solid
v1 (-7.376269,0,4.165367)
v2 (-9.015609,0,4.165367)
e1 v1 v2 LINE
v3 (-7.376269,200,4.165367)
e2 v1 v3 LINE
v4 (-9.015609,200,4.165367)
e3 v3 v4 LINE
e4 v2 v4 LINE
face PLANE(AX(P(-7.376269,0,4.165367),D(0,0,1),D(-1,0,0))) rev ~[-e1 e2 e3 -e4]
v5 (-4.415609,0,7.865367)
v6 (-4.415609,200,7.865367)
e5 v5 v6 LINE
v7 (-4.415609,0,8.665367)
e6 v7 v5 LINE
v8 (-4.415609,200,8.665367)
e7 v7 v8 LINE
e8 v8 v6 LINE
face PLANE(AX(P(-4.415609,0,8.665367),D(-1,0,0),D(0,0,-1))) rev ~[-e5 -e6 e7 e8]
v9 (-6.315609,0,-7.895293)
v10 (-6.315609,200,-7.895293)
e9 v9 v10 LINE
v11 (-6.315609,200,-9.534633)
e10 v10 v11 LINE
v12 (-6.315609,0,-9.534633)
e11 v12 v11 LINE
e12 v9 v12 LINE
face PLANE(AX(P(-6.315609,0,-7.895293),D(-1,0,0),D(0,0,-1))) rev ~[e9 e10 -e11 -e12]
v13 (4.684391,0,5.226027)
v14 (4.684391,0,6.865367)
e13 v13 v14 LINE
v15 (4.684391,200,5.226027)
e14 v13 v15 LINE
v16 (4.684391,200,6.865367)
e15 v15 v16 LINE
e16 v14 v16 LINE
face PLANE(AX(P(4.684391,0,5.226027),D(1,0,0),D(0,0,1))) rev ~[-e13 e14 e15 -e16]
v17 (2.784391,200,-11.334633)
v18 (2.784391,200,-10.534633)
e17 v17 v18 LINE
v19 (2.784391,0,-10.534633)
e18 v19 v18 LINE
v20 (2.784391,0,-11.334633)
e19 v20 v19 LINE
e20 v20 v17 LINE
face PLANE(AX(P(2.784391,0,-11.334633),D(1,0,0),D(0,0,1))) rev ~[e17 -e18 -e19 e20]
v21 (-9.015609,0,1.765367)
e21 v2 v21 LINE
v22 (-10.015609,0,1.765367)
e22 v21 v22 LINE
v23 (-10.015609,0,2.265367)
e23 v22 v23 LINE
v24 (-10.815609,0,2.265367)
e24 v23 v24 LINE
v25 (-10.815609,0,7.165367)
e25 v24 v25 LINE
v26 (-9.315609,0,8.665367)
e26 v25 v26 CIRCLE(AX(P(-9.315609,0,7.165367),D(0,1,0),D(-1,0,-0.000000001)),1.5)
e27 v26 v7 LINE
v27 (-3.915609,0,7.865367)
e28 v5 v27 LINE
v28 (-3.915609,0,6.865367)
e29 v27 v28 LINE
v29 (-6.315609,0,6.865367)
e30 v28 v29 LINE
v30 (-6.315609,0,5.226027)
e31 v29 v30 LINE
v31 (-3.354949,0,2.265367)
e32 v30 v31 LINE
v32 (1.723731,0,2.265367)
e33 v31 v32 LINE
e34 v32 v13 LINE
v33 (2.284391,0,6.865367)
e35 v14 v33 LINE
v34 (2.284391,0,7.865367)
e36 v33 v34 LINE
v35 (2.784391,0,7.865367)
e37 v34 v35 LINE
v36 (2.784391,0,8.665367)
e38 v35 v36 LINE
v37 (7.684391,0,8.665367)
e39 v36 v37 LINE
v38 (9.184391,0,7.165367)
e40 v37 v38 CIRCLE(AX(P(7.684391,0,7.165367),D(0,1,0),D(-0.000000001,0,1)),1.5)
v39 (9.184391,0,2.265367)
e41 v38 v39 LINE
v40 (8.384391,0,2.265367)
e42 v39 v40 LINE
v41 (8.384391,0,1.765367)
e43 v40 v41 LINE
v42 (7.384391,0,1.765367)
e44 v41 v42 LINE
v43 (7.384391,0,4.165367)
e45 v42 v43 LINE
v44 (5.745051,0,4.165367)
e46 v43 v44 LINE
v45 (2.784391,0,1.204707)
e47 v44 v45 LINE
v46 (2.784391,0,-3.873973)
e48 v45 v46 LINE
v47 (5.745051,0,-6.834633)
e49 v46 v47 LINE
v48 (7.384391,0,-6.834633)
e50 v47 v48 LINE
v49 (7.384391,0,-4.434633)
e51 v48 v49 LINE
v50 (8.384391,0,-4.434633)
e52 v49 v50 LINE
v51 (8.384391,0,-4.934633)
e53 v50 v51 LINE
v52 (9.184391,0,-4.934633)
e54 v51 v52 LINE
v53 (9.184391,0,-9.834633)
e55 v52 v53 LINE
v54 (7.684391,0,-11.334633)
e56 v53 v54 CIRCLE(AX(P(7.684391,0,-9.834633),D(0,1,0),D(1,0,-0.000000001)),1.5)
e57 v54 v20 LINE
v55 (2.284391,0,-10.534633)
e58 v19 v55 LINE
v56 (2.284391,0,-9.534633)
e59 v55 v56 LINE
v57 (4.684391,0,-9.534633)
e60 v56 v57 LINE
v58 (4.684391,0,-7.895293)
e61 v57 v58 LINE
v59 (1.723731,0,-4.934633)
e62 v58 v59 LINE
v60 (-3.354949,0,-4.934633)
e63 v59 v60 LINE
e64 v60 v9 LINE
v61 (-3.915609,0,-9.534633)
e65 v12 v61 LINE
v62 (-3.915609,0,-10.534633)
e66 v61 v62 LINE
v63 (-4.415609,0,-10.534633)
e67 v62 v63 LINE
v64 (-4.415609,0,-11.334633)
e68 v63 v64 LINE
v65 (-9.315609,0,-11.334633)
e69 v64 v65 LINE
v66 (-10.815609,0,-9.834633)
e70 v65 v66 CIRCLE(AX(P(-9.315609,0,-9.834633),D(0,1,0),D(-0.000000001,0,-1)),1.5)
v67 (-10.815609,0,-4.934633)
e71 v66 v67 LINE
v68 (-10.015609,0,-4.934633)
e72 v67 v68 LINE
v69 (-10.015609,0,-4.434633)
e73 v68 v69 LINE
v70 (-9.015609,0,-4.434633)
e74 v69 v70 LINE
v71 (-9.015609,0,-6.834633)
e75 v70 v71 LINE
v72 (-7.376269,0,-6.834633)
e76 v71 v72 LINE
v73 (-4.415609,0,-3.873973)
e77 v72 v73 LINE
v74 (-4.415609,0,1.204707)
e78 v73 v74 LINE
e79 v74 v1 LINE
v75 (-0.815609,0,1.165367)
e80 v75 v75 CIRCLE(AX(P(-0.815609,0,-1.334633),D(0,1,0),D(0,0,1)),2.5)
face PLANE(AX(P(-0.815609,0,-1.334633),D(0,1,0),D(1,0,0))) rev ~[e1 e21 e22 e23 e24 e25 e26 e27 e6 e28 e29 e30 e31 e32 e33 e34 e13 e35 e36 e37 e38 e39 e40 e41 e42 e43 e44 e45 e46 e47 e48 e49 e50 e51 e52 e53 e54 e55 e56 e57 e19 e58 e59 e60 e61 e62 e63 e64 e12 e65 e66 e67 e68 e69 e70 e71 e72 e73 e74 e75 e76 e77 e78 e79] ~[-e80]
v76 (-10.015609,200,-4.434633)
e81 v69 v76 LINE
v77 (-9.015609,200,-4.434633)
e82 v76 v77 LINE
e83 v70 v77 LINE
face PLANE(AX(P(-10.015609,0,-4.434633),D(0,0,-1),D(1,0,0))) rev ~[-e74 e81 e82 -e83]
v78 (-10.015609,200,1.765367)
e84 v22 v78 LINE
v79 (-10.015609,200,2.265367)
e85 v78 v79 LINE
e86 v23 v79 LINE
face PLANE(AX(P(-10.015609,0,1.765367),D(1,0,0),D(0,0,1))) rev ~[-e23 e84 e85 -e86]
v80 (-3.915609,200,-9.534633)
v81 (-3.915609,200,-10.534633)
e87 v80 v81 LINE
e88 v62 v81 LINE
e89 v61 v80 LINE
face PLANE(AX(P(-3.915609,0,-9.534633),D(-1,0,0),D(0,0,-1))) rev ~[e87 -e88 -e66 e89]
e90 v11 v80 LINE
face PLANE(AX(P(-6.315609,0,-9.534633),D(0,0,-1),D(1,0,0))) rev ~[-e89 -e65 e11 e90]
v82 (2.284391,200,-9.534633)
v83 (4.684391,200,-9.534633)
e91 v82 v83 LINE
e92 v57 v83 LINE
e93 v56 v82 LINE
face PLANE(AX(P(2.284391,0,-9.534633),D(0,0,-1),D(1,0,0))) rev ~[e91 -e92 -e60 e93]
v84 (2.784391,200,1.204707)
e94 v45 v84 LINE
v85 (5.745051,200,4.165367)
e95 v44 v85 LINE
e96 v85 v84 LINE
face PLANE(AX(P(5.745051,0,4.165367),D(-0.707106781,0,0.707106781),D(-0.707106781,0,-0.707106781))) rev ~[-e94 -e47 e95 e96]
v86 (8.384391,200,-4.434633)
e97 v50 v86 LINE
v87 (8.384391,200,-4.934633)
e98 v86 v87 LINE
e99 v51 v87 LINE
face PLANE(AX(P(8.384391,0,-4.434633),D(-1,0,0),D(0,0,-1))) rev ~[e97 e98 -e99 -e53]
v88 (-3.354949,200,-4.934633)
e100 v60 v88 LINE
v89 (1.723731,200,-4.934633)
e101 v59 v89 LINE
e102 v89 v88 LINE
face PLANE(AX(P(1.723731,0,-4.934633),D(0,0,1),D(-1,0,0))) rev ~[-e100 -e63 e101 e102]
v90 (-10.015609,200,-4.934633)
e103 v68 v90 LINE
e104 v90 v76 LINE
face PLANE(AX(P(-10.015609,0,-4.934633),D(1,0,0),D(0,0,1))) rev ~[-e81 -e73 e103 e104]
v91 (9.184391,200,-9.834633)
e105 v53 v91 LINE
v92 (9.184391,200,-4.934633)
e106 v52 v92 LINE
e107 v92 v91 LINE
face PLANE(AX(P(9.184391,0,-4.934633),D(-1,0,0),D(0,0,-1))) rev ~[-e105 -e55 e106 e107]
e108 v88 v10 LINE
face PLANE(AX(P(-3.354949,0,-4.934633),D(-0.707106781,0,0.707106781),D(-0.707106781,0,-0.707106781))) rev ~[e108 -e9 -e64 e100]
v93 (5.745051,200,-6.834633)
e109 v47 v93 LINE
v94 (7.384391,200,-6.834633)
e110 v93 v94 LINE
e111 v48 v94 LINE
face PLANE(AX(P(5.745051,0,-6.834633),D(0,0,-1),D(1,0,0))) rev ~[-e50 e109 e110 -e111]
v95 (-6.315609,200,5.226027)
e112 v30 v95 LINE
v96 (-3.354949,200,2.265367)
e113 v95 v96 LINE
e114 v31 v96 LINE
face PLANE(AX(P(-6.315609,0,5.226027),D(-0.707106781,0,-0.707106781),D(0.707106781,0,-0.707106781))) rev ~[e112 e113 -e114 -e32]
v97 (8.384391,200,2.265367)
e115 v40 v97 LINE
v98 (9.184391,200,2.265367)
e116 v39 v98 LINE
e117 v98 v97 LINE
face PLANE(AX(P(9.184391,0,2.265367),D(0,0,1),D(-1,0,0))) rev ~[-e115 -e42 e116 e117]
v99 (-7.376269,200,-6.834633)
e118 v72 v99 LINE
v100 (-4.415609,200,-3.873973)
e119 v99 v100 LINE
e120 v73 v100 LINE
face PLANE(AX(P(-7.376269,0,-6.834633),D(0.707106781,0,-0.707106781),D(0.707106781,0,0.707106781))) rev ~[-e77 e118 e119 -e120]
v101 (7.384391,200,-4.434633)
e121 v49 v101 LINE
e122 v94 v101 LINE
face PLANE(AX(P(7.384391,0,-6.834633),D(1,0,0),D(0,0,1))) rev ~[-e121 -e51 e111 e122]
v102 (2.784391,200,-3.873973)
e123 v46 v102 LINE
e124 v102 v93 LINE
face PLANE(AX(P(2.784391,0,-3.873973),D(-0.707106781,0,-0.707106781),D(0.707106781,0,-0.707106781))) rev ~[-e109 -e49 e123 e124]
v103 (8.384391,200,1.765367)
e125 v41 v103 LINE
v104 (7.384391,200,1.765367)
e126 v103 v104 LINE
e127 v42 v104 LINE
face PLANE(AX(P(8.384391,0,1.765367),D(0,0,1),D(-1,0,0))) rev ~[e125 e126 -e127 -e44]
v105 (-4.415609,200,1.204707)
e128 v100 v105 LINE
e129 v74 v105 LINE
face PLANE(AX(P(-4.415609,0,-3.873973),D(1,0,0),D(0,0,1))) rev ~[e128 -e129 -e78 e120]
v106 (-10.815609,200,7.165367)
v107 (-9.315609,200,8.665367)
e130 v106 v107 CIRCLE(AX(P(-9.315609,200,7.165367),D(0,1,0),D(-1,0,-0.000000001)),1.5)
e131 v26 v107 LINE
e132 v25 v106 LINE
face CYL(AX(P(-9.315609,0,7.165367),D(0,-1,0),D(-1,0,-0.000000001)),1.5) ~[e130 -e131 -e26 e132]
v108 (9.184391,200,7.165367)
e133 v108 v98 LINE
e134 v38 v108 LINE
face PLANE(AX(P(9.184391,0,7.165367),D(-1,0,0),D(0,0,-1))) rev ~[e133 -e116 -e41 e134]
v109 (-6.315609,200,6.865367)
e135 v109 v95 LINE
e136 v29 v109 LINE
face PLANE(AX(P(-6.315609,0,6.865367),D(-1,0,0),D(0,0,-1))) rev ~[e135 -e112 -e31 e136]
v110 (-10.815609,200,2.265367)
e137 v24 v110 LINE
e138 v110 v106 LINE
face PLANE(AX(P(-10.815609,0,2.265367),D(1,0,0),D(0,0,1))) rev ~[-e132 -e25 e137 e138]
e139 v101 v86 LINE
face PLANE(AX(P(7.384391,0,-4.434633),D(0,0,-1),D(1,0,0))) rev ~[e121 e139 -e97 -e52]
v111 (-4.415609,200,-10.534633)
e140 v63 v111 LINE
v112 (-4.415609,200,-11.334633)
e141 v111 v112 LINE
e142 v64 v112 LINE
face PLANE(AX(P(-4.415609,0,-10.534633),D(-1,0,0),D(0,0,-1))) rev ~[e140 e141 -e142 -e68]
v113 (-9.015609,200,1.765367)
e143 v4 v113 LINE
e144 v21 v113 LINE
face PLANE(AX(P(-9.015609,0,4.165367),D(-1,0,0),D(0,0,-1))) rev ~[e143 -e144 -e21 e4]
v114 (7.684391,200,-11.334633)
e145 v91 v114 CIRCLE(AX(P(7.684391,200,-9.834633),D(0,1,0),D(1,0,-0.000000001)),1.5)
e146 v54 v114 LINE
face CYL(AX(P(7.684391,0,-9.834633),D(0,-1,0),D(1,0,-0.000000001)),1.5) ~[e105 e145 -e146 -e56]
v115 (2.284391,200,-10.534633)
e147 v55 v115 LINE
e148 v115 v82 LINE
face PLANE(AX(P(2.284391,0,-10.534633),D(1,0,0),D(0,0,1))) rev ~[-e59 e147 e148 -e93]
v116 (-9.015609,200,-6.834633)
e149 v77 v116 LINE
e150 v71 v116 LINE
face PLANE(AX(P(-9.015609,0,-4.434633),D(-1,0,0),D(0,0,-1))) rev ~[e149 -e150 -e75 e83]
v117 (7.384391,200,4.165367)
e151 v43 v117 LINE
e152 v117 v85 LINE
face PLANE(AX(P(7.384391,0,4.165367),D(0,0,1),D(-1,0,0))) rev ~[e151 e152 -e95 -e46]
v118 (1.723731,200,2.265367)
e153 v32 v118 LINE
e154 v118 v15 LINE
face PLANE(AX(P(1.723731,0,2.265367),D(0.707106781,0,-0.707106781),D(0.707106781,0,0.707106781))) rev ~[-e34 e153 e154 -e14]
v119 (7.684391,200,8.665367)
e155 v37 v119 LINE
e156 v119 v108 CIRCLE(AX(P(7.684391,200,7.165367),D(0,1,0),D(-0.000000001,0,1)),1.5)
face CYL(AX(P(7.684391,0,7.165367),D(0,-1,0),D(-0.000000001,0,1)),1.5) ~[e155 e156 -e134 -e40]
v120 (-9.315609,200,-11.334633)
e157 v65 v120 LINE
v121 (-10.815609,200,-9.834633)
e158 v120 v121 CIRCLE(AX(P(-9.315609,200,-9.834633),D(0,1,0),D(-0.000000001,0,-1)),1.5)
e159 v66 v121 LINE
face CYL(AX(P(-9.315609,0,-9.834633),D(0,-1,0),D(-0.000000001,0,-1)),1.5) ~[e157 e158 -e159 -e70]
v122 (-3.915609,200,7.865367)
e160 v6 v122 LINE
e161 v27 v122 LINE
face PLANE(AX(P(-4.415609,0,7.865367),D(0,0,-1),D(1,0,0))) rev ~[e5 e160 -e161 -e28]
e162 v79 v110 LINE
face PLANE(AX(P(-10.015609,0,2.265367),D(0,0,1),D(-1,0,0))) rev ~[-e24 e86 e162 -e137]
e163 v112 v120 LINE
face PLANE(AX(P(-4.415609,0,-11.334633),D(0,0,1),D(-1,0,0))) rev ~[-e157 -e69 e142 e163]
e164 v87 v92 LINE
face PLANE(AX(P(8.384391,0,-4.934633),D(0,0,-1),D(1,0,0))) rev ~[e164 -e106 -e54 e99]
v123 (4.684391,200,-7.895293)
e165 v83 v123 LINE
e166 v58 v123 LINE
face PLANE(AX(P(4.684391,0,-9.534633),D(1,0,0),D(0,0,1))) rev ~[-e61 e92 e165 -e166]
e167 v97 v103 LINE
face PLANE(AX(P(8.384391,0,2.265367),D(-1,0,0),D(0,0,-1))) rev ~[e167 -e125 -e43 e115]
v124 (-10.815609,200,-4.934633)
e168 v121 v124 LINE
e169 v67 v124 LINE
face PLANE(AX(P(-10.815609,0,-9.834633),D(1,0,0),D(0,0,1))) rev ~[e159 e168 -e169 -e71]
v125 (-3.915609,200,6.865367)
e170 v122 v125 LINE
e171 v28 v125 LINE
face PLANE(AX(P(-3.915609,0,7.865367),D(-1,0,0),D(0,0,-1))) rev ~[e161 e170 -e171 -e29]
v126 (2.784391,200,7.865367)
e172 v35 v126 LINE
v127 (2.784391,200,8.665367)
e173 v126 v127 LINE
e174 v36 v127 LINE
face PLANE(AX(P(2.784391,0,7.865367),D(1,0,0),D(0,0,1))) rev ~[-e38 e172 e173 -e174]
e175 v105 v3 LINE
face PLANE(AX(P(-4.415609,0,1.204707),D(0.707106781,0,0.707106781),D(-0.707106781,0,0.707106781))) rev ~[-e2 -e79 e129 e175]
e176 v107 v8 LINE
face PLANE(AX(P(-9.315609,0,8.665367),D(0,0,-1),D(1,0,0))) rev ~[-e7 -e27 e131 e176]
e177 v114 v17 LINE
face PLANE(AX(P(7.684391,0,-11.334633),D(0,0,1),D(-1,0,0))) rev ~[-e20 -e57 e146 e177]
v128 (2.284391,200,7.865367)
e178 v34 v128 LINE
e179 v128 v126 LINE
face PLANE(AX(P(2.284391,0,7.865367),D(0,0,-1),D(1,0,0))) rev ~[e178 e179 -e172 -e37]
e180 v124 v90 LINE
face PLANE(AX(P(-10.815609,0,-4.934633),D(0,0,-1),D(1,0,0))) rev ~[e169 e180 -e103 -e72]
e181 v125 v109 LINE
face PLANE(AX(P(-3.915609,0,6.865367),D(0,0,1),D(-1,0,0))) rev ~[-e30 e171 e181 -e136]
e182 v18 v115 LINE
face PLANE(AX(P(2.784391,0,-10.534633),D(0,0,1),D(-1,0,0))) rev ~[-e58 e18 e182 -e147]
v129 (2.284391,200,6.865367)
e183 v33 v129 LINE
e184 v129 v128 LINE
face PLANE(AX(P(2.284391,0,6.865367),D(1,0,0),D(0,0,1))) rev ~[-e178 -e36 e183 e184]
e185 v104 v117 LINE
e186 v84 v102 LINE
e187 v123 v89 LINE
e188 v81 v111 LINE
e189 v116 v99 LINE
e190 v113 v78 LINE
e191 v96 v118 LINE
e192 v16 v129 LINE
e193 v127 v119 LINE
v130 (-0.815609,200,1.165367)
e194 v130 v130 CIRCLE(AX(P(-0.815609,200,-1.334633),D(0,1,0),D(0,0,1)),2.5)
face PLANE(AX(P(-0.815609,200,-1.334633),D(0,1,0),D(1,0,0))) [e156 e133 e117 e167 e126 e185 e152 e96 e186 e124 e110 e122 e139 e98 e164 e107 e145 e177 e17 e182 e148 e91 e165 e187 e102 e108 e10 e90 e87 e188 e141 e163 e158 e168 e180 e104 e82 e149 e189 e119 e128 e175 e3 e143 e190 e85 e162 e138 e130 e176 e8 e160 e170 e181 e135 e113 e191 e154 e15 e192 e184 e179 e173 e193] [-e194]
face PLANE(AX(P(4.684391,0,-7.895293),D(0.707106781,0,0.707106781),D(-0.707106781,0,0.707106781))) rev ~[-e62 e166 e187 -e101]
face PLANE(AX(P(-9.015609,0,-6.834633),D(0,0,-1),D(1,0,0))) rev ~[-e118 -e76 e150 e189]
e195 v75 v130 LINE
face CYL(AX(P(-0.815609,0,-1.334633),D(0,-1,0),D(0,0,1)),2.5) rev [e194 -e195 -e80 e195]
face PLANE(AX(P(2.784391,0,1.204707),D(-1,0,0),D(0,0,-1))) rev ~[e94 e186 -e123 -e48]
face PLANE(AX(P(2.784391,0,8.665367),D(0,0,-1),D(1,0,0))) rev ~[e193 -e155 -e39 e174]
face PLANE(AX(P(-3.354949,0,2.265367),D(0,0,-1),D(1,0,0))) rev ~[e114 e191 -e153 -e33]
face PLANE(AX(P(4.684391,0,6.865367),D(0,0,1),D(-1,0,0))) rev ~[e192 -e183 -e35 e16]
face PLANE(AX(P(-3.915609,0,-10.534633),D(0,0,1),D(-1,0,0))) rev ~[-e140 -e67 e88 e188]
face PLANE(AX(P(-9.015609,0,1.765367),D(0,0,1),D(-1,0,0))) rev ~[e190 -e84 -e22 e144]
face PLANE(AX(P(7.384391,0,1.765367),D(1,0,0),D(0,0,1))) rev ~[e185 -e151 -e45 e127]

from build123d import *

# Parameters (mm, degrees)
SKETCH_1_R      = 2.5
EXTRUDE_1_DEPTH = 200


with BuildPart() as part:
    # 草图1 → 凸台-拉伸1 (new body)
    with BuildSketch(Plane(origin=(0, 0, 0), x_dir=(1, 0, 0), z_dir=(0, 1, 0))):
        with BuildLine():
            Line((-4.415608984, 3.873972711), (-4.415608984, -1.204706946))
            Line((-4.415608984, -1.204706946), (-7.376269156, -4.165367117))
            Line((-7.376269156, -4.165367117), (-9.015608984, -4.165367117))
            Line((-9.015608984, -4.165367117), (-9.015608984, -1.765367117))
            Line((-9.015608984, -1.765367117), (-10.015608984, -1.765367117))
            Line((-10.015608984, -1.765367117), (-10.015608984, -2.265367117))
            Line((-10.015608984, -2.265367117), (-10.815608984, -2.265367117))
            Line((-10.815608984, -2.265367117), (-10.815608984, -7.165367117))
            ThreePointArc((-10.815608984, -7.165367117), (-10.376269156, -8.226027289), (-9.315608984, -8.665367117))
            Line((-9.315608984, -8.665367117), (-4.415608984, -8.665367117))
            Line((-4.415608984, -8.665367117), (-4.415608984, -7.865367117))
            Line((-4.415608984, -7.865367117), (-3.915608984, -7.865367117))
            Line((-3.915608984, -7.865367117), (-3.915608984, -6.865367117))
            Line((-3.915608984, -6.865367117), (-6.315608984, -6.865367117))
            Line((-6.315608984, -6.865367117), (-6.315608984, -5.226027289))
            Line((-6.315608984, -5.226027289), (-3.354948812, -2.265367117))
            Line((-3.354948812, -2.265367117), (1.723730844, -2.265367117))
            Line((1.723730844, -2.265367117), (4.684391016, -5.226027289))
            Line((4.684391016, -5.226027289), (4.684391016, -6.865367117))
            Line((4.684391016, -6.865367117), (2.284391016, -6.865367117))
            Line((2.284391016, -6.865367117), (2.284391016, -7.865367117))
            Line((2.284391016, -7.865367117), (2.784391016, -7.865367117))
            Line((2.784391016, -7.865367117), (2.784391016, -8.665367117))
            Line((2.784391016, -8.665367117), (7.684391016, -8.665367117))
            ThreePointArc((7.684391016, -8.665367117), (8.745051188, -8.226027289), (9.184391016, -7.165367117))
            Line((9.184391016, -7.165367117), (9.184391016, -2.265367117))
            Line((9.184391016, -2.265367117), (8.384391016, -2.265367117))
            Line((8.384391016, -2.265367117), (8.384391016, -1.765367117))
            Line((8.384391016, -1.765367117), (7.384391016, -1.765367117))
            Line((7.384391016, -1.765367117), (7.384391016, -4.165367117))
            Line((7.384391016, -4.165367117), (5.745051188, -4.165367117))
            Line((5.745051188, -4.165367117), (2.784391016, -1.204706946))
            Line((2.784391016, -1.204706946), (2.784391016, 3.873972711))
            Line((2.784391016, 3.873972711), (5.745051188, 6.834632883))
            Line((5.745051188, 6.834632883), (7.384391016, 6.834632883))
            Line((7.384391016, 6.834632883), (7.384391016, 4.434632883))
            Line((7.384391016, 4.434632883), (8.384391016, 4.434632883))
            Line((8.384391016, 4.434632883), (8.384391016, 4.934632883))
            Line((8.384391016, 4.934632883), (9.184391016, 4.934632883))
            Line((9.184391016, 4.934632883), (9.184391016, 9.834632883))
            ThreePointArc((9.184391016, 9.834632883), (8.745051188, 10.895293054), (7.684391016, 11.334632883))
            Line((7.684391016, 11.334632883), (2.784391016, 11.334632883))
            Line((2.784391016, 11.334632883), (2.784391016, 10.534632883))
            Line((2.784391016, 10.534632883), (2.284391016, 10.534632883))
            Line((2.284391016, 10.534632883), (2.284391016, 9.534632883))
            Line((2.284391016, 9.534632883), (4.684391016, 9.534632883))
            Line((4.684391016, 9.534632883), (4.684391016, 7.895293054))
            Line((4.684391016, 7.895293054), (1.723730844, 4.934632883))
            Line((1.723730844, 4.934632883), (-3.354948812, 4.934632883))
            Line((-3.354948812, 4.934632883), (-6.315608984, 7.895293054))
            Line((-6.315608984, 7.895293054), (-6.315608984, 9.534632883))
            Line((-6.315608984, 9.534632883), (-3.915608984, 9.534632883))
            Line((-3.915608984, 9.534632883), (-3.915608984, 10.534632883))
            Line((-3.915608984, 10.534632883), (-4.415608984, 10.534632883))
            Line((-4.415608984, 10.534632883), (-4.415608984, 11.334632883))
            Line((-4.415608984, 11.334632883), (-9.315608984, 11.334632883))
            ThreePointArc((-9.315608984, 11.334632883), (-10.376269156, 10.895293054), (-10.815608984, 9.834632883))
            Line((-10.815608984, 9.834632883), (-10.815608984, 4.934632883))
            Line((-10.815608984, 4.934632883), (-10.015608984, 4.934632883))
            Line((-10.015608984, 4.934632883), (-10.015608984, 4.434632883))
            Line((-10.015608984, 4.434632883), (-9.015608984, 4.434632883))
            Line((-9.015608984, 4.434632883), (-9.015608984, 6.834632883))
            Line((-9.015608984, 6.834632883), (-7.376269156, 6.834632883))
            Line((-7.376269156, 6.834632883), (-4.415608984, 3.873972711))
        make_face()
        with Locations(Location((-0.815608984, 1.334632883, 0), (0, 0, 270))):
            Circle(SKETCH_1_R, mode=Mode.SUBTRACT)
    extrude(amount=EXTRUDE_1_DEPTH)


solid = part.part
